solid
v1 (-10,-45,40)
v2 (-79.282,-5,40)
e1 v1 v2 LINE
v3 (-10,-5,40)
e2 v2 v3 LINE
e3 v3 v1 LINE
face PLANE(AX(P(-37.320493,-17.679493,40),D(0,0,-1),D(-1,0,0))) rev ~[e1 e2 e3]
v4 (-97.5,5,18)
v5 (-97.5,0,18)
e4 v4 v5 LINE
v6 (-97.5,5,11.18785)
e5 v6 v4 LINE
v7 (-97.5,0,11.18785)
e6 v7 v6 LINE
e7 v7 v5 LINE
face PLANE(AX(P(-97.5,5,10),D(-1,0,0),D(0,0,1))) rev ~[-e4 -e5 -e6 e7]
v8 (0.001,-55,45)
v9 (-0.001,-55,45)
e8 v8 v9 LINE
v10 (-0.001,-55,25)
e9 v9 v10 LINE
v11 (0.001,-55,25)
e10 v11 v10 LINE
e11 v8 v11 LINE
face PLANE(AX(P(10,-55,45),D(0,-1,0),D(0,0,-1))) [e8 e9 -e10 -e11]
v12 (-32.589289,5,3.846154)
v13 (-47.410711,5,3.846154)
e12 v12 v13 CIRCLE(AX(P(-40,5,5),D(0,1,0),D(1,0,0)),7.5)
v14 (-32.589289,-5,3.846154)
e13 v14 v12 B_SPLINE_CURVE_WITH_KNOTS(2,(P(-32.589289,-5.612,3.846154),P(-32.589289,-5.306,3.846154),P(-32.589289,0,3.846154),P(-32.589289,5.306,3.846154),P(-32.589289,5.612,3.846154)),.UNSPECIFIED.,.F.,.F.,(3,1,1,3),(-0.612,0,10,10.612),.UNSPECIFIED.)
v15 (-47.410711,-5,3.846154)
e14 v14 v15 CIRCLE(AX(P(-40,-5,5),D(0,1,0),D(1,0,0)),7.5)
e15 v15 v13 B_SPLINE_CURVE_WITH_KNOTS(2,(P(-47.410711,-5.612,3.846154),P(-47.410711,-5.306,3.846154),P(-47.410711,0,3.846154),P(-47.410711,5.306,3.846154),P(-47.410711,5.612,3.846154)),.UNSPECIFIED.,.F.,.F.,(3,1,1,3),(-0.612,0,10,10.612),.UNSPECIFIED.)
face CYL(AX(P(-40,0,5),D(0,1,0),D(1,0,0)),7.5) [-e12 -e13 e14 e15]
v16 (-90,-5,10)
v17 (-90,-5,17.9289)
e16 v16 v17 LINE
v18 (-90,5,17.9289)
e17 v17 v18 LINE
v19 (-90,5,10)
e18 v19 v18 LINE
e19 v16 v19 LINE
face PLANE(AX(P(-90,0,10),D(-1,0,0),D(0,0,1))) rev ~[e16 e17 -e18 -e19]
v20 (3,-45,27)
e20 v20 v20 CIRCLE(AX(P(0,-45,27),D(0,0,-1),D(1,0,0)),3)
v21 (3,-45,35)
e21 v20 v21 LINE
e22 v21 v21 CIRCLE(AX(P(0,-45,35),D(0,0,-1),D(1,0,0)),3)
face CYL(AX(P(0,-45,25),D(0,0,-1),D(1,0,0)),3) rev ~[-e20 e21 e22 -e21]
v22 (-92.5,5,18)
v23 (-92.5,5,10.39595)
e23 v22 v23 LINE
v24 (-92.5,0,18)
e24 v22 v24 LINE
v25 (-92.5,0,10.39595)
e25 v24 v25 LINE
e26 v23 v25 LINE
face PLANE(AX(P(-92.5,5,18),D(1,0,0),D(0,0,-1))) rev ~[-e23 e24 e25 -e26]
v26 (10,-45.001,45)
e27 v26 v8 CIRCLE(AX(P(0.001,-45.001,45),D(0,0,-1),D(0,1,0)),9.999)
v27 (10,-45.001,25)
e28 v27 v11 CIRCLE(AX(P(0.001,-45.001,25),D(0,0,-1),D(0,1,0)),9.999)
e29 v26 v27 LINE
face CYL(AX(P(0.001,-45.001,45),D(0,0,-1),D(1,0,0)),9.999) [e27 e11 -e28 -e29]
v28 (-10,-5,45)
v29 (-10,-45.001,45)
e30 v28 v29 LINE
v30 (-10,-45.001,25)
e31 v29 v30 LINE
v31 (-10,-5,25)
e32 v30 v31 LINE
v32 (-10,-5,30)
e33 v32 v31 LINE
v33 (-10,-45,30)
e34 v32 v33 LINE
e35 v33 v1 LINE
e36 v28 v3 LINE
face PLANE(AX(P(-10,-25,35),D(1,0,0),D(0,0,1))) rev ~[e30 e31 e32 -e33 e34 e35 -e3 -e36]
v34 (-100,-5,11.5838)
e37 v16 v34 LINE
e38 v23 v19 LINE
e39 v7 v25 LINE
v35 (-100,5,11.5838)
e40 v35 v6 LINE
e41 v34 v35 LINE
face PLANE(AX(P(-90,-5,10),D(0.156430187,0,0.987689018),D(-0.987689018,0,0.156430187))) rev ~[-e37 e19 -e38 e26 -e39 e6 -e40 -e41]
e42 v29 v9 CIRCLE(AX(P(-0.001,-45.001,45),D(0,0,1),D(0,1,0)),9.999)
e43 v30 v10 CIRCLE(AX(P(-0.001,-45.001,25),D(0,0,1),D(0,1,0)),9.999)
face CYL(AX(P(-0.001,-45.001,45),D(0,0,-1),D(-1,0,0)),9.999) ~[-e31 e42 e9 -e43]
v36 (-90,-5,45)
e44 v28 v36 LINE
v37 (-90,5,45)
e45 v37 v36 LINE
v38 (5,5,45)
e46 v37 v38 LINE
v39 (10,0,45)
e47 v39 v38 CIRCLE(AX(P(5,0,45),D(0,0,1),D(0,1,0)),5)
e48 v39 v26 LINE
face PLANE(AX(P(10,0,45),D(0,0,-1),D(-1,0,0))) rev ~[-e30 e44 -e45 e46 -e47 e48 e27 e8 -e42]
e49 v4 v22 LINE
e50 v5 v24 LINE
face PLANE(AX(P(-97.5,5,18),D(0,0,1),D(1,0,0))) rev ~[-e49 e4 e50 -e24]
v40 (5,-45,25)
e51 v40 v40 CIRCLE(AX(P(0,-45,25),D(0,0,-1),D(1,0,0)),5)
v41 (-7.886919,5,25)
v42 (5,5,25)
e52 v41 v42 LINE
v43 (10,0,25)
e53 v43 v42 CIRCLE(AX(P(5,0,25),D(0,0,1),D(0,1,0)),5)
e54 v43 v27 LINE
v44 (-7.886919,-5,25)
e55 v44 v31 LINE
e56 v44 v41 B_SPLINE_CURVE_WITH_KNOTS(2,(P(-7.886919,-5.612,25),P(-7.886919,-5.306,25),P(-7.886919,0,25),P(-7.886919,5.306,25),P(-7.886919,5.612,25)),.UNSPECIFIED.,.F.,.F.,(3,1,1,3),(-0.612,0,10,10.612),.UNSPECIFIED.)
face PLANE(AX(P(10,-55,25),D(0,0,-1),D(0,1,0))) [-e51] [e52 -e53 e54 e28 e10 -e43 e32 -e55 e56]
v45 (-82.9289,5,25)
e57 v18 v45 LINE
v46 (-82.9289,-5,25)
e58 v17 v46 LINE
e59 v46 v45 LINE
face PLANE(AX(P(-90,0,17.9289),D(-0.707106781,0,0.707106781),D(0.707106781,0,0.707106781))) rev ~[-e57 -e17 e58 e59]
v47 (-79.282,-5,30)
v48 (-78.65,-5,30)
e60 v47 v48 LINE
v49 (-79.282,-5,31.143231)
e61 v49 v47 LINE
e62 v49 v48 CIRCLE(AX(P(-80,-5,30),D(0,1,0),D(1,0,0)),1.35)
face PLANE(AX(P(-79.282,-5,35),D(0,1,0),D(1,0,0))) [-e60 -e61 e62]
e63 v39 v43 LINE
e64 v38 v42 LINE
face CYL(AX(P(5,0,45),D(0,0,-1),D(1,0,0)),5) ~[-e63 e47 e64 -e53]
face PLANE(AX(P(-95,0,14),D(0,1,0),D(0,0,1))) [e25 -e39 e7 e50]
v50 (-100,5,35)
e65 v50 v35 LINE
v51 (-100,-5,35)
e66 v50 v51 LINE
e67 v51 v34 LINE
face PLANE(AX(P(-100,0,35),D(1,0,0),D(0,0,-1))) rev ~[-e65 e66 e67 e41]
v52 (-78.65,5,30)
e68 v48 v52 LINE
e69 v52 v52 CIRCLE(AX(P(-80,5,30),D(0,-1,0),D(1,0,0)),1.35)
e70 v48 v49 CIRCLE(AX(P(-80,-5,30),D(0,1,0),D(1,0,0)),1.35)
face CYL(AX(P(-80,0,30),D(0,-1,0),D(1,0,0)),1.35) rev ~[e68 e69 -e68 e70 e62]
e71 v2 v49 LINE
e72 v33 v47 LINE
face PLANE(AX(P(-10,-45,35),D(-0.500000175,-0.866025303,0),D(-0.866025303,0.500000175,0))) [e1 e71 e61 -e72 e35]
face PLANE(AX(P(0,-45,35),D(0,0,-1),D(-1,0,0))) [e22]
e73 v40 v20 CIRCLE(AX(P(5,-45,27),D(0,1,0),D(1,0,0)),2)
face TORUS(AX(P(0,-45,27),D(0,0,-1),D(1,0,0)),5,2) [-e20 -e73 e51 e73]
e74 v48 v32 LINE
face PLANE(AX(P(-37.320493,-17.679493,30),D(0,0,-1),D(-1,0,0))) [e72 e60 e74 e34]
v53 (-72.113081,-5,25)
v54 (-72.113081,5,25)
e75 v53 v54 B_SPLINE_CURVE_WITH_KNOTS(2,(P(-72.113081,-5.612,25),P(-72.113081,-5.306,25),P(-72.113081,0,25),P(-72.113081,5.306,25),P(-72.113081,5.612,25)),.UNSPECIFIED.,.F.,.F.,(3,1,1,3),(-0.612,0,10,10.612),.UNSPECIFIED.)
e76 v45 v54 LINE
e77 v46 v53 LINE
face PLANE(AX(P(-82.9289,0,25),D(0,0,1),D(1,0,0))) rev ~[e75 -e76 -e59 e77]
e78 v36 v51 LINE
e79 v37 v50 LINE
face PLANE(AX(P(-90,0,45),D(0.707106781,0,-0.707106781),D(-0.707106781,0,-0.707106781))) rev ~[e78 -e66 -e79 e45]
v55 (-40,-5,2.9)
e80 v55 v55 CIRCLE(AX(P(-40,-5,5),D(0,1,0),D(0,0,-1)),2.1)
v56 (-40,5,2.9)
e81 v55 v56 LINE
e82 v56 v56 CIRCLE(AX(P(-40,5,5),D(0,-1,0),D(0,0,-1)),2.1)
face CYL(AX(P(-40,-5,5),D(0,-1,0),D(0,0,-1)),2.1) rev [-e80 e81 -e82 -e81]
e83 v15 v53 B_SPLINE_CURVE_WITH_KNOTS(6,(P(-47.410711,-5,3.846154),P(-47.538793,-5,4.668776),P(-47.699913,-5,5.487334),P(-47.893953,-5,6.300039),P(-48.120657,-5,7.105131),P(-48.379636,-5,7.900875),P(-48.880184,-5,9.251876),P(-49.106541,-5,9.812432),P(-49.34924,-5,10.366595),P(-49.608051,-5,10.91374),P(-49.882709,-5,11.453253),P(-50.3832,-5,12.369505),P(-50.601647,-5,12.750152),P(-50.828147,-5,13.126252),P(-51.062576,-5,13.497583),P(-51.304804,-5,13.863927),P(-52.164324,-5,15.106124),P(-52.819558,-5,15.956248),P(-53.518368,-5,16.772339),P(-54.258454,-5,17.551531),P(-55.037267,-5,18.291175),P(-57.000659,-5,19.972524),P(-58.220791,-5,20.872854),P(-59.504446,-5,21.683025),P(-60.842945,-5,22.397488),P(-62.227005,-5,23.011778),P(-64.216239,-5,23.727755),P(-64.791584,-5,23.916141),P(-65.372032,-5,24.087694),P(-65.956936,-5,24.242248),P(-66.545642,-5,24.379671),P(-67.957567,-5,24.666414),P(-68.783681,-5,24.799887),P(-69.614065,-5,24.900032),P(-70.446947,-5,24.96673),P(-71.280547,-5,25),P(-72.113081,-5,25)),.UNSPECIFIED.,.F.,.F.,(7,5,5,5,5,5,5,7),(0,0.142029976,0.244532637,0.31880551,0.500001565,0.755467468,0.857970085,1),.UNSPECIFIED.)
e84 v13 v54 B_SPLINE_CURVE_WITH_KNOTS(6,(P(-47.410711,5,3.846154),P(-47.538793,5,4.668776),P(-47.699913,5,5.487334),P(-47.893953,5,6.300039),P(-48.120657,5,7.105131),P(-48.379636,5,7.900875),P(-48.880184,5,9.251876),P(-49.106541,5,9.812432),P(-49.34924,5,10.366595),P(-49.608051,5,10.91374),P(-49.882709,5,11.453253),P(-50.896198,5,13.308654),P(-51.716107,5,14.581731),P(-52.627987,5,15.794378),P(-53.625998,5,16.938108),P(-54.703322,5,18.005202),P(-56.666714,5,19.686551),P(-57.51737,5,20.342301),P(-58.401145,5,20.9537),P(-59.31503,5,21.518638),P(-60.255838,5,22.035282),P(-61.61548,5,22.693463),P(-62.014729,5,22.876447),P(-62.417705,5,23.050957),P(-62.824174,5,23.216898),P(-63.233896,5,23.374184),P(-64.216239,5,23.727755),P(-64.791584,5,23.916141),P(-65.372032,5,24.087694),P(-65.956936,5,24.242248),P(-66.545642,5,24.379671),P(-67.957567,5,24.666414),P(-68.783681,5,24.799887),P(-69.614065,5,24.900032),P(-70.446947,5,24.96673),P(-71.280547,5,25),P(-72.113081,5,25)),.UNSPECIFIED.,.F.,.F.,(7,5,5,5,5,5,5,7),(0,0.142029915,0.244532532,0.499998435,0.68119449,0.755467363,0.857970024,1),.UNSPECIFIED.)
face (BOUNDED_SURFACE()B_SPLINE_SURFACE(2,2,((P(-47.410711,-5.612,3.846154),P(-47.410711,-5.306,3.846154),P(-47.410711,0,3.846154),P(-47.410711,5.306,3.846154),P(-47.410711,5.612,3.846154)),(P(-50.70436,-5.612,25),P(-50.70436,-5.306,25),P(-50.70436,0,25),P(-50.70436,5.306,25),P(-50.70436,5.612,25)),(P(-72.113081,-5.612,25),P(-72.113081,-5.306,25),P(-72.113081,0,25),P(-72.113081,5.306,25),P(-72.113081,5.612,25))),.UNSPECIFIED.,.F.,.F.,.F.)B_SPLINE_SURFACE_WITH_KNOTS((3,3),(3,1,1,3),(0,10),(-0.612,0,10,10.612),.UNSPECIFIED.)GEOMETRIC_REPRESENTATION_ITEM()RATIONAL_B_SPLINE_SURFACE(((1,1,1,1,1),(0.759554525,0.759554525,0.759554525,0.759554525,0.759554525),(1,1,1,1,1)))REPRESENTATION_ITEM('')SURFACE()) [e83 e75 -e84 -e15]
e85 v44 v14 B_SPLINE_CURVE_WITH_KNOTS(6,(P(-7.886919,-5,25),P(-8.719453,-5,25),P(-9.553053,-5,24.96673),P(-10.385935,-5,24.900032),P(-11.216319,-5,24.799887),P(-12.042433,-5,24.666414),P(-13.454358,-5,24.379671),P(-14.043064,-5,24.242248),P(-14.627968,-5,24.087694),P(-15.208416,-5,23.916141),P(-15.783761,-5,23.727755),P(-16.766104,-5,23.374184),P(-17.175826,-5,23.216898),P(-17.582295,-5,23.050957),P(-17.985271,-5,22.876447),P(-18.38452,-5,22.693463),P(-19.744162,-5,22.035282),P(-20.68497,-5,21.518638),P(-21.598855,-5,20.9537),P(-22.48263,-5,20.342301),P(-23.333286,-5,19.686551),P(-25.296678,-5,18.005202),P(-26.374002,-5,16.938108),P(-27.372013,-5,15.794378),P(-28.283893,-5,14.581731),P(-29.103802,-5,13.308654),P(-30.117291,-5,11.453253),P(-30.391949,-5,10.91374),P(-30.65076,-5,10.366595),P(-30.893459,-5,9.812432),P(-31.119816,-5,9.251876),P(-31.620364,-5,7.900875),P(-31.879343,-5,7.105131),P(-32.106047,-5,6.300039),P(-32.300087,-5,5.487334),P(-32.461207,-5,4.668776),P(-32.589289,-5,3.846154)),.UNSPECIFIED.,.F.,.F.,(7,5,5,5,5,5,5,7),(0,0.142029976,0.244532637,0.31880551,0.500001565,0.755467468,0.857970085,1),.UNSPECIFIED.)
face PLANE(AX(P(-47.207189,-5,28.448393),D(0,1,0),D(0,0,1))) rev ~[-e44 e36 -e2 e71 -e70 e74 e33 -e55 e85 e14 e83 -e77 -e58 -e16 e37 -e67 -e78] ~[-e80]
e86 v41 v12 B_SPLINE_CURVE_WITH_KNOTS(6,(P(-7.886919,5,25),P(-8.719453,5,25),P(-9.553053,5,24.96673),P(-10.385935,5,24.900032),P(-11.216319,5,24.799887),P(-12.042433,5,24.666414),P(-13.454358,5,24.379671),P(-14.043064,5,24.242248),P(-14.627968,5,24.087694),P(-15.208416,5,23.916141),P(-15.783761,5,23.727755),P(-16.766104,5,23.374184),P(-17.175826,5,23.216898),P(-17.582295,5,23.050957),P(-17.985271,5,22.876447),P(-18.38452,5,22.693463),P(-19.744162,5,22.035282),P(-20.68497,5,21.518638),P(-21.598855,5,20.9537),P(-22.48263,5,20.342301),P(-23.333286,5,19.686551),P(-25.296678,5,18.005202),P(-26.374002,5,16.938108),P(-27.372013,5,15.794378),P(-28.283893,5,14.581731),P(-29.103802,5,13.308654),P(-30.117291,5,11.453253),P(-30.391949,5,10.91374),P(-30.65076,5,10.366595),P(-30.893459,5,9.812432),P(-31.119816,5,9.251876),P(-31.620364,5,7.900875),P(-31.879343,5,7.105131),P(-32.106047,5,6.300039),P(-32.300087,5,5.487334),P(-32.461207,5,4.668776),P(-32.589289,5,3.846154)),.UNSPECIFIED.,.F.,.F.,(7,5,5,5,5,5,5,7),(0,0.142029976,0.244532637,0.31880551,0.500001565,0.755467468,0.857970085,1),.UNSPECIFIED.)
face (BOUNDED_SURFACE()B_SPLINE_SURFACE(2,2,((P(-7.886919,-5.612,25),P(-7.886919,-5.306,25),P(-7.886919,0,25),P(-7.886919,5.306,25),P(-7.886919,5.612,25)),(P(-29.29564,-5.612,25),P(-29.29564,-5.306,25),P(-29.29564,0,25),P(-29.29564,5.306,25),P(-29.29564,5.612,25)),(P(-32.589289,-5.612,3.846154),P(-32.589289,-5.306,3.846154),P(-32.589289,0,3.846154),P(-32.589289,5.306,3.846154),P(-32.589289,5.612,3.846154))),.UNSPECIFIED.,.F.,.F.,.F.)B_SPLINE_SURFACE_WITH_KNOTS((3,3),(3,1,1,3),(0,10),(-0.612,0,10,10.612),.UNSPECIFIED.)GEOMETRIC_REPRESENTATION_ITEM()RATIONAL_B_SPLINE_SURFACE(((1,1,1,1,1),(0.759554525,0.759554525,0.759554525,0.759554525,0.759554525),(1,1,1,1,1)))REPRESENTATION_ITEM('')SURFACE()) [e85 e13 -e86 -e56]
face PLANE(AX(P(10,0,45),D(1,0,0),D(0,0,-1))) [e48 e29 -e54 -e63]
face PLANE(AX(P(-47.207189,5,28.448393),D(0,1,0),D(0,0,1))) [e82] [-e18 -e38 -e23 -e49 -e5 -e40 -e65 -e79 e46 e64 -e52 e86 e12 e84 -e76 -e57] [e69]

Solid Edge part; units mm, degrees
sketch "Sketch1" plane through (0, 0, 0) normal (0, -1, 0) x (1, 0, 0)
  line L0 (10, 45) -> (10, 25)
  line L1 (-32.5, 25) -> (10, 25)
  line L2 (-32.5, 5) -> (-32.5, 25)
  arc A0 (-32.5, 5) -> (-47.5, 5) centre (-40, 5) cw
  line L3 (-47.5, 25) -> (-47.5, 5)
  line L4 (-82.9289, 25) -> (-47.5, 25)
  line L5 (-90, 17.9289) -> (-82.9289, 25)
  line L6 (-90, 10) -> (-90, 17.9289)
  line L7 (-100, 10) -> (-90, 10)
  line L8 (-100, 35) -> (-100, 10)
  line L9 (-90, 45) -> (-100, 35)
  line L10 (10, 45) -> (-90, 45)
  dimension "D1" = 10
  dimension "D2" = 10
  dimension "D3" = 10
  dimension "D4" = 100
  dimension "D5" = 15
  dimension "D6" = 5
  dimension "D7" = 10
  dimension "D8" = 10
  dimension "D9" = 40
extrude "Protrusion1" add sketch "Sketch1" along normal mid plane 10
sketch "Sketch2" plane through (0, 0, 0) normal (0, -1, 0) x (1, 0, 0)
  circle A0 centre (-80, 30) radius 1.35
  dimension "D1" = 30
  dimension "D2" = 80
extrude "ExtrudedCutout_3" cut sketch "Sketch2" along normal mid plane 29.2691
hole "Hole_1" at (-40, -5, 5) direction (0, 1, 0) diameter 4.2 end up to next
fillet "Round_7" radius 25 2 edges at (-47.5, 0, 25) (-32.5, 0, 25)
sketch "Sketch3" plane through (10, 0, 30) normal (1, 0, 0) x (0, 1, 0)
  line L0 (5, 15) -> (-55, 15)
  line L1 (-55, 15) -> (-55, -5)
  line L2 (-55, -5) -> (5, -5)
  line L3 (5, -5) -> (5, 15)
  dimension "D1" = 60
extrude "ExtrudedProtrusion_3" add sketch "Sketch3" against normal blind 20
fillet "Round_8" radius 10 2 edges at (-10, -55, 35) (10, -55, 35)
fillet "Round_9" radius 5 1 edges at (10, 5, 35)
sketch "Sketch4" plane through (-50, 5, 17.5) normal (0, 1, 0) x (1, 0, 0)
  line L0 (-47.5, 7.5) -> (-47.5, -0.5)
  line L1 (-47.5, -0.5) -> (-42.5, -0.5)
  line L2 (-42.5, -0.5) -> (-42.5, 7.5)
  line L3 (-42.5, 7.5) -> (-47.5, 7.5)
  dimension "D1" = 5
  dimension "D2" = 8
extrude "ExtrudedCutout_5" cut sketch "Sketch4" against normal blind 5
sketch "Sketch5" plane through (-65, -5, 17.5) normal (0, -1, 0) x (1, 0, 0)
  line L0 (-25, -7.5) -> (-35, -5.9162)
  line L1 (-35, -5.9162) -> (-35, -7.5)
  line L2 (-35, -7.5) -> (-25, -7.5)
extrude "ExtrudedCutout_6" cut sketch "Sketch5" against normal blind 31.7921
sketch "Sketch6" plane through (-8.75, -25, 25) normal (0, 0, -1) x (1, 0, 0)
  circle A0 centre (8.75, 20) radius 3
  dimension "D1" = 6
extrude "ExtrudedCutout_7" cut sketch "Sketch6" against normal blind 10
fillet "Round_11" radius 2 1 edges at (-3, -45, 25)
sketch "Sketch7" plane through (-40, -25, 35) normal (0, 0, 1) x (-1, 0, 0)
  line L0 (-30, 20) -> (39.282, -20)
  line L1 (39.282, -20) -> (-30, -20)
  line L2 (-30, -20) -> (-30, 20)
extrude "ExtrudedProtrusion_4" add sketch "Sketch7" along normal mid plane 10
properties material "PPA-CF"
